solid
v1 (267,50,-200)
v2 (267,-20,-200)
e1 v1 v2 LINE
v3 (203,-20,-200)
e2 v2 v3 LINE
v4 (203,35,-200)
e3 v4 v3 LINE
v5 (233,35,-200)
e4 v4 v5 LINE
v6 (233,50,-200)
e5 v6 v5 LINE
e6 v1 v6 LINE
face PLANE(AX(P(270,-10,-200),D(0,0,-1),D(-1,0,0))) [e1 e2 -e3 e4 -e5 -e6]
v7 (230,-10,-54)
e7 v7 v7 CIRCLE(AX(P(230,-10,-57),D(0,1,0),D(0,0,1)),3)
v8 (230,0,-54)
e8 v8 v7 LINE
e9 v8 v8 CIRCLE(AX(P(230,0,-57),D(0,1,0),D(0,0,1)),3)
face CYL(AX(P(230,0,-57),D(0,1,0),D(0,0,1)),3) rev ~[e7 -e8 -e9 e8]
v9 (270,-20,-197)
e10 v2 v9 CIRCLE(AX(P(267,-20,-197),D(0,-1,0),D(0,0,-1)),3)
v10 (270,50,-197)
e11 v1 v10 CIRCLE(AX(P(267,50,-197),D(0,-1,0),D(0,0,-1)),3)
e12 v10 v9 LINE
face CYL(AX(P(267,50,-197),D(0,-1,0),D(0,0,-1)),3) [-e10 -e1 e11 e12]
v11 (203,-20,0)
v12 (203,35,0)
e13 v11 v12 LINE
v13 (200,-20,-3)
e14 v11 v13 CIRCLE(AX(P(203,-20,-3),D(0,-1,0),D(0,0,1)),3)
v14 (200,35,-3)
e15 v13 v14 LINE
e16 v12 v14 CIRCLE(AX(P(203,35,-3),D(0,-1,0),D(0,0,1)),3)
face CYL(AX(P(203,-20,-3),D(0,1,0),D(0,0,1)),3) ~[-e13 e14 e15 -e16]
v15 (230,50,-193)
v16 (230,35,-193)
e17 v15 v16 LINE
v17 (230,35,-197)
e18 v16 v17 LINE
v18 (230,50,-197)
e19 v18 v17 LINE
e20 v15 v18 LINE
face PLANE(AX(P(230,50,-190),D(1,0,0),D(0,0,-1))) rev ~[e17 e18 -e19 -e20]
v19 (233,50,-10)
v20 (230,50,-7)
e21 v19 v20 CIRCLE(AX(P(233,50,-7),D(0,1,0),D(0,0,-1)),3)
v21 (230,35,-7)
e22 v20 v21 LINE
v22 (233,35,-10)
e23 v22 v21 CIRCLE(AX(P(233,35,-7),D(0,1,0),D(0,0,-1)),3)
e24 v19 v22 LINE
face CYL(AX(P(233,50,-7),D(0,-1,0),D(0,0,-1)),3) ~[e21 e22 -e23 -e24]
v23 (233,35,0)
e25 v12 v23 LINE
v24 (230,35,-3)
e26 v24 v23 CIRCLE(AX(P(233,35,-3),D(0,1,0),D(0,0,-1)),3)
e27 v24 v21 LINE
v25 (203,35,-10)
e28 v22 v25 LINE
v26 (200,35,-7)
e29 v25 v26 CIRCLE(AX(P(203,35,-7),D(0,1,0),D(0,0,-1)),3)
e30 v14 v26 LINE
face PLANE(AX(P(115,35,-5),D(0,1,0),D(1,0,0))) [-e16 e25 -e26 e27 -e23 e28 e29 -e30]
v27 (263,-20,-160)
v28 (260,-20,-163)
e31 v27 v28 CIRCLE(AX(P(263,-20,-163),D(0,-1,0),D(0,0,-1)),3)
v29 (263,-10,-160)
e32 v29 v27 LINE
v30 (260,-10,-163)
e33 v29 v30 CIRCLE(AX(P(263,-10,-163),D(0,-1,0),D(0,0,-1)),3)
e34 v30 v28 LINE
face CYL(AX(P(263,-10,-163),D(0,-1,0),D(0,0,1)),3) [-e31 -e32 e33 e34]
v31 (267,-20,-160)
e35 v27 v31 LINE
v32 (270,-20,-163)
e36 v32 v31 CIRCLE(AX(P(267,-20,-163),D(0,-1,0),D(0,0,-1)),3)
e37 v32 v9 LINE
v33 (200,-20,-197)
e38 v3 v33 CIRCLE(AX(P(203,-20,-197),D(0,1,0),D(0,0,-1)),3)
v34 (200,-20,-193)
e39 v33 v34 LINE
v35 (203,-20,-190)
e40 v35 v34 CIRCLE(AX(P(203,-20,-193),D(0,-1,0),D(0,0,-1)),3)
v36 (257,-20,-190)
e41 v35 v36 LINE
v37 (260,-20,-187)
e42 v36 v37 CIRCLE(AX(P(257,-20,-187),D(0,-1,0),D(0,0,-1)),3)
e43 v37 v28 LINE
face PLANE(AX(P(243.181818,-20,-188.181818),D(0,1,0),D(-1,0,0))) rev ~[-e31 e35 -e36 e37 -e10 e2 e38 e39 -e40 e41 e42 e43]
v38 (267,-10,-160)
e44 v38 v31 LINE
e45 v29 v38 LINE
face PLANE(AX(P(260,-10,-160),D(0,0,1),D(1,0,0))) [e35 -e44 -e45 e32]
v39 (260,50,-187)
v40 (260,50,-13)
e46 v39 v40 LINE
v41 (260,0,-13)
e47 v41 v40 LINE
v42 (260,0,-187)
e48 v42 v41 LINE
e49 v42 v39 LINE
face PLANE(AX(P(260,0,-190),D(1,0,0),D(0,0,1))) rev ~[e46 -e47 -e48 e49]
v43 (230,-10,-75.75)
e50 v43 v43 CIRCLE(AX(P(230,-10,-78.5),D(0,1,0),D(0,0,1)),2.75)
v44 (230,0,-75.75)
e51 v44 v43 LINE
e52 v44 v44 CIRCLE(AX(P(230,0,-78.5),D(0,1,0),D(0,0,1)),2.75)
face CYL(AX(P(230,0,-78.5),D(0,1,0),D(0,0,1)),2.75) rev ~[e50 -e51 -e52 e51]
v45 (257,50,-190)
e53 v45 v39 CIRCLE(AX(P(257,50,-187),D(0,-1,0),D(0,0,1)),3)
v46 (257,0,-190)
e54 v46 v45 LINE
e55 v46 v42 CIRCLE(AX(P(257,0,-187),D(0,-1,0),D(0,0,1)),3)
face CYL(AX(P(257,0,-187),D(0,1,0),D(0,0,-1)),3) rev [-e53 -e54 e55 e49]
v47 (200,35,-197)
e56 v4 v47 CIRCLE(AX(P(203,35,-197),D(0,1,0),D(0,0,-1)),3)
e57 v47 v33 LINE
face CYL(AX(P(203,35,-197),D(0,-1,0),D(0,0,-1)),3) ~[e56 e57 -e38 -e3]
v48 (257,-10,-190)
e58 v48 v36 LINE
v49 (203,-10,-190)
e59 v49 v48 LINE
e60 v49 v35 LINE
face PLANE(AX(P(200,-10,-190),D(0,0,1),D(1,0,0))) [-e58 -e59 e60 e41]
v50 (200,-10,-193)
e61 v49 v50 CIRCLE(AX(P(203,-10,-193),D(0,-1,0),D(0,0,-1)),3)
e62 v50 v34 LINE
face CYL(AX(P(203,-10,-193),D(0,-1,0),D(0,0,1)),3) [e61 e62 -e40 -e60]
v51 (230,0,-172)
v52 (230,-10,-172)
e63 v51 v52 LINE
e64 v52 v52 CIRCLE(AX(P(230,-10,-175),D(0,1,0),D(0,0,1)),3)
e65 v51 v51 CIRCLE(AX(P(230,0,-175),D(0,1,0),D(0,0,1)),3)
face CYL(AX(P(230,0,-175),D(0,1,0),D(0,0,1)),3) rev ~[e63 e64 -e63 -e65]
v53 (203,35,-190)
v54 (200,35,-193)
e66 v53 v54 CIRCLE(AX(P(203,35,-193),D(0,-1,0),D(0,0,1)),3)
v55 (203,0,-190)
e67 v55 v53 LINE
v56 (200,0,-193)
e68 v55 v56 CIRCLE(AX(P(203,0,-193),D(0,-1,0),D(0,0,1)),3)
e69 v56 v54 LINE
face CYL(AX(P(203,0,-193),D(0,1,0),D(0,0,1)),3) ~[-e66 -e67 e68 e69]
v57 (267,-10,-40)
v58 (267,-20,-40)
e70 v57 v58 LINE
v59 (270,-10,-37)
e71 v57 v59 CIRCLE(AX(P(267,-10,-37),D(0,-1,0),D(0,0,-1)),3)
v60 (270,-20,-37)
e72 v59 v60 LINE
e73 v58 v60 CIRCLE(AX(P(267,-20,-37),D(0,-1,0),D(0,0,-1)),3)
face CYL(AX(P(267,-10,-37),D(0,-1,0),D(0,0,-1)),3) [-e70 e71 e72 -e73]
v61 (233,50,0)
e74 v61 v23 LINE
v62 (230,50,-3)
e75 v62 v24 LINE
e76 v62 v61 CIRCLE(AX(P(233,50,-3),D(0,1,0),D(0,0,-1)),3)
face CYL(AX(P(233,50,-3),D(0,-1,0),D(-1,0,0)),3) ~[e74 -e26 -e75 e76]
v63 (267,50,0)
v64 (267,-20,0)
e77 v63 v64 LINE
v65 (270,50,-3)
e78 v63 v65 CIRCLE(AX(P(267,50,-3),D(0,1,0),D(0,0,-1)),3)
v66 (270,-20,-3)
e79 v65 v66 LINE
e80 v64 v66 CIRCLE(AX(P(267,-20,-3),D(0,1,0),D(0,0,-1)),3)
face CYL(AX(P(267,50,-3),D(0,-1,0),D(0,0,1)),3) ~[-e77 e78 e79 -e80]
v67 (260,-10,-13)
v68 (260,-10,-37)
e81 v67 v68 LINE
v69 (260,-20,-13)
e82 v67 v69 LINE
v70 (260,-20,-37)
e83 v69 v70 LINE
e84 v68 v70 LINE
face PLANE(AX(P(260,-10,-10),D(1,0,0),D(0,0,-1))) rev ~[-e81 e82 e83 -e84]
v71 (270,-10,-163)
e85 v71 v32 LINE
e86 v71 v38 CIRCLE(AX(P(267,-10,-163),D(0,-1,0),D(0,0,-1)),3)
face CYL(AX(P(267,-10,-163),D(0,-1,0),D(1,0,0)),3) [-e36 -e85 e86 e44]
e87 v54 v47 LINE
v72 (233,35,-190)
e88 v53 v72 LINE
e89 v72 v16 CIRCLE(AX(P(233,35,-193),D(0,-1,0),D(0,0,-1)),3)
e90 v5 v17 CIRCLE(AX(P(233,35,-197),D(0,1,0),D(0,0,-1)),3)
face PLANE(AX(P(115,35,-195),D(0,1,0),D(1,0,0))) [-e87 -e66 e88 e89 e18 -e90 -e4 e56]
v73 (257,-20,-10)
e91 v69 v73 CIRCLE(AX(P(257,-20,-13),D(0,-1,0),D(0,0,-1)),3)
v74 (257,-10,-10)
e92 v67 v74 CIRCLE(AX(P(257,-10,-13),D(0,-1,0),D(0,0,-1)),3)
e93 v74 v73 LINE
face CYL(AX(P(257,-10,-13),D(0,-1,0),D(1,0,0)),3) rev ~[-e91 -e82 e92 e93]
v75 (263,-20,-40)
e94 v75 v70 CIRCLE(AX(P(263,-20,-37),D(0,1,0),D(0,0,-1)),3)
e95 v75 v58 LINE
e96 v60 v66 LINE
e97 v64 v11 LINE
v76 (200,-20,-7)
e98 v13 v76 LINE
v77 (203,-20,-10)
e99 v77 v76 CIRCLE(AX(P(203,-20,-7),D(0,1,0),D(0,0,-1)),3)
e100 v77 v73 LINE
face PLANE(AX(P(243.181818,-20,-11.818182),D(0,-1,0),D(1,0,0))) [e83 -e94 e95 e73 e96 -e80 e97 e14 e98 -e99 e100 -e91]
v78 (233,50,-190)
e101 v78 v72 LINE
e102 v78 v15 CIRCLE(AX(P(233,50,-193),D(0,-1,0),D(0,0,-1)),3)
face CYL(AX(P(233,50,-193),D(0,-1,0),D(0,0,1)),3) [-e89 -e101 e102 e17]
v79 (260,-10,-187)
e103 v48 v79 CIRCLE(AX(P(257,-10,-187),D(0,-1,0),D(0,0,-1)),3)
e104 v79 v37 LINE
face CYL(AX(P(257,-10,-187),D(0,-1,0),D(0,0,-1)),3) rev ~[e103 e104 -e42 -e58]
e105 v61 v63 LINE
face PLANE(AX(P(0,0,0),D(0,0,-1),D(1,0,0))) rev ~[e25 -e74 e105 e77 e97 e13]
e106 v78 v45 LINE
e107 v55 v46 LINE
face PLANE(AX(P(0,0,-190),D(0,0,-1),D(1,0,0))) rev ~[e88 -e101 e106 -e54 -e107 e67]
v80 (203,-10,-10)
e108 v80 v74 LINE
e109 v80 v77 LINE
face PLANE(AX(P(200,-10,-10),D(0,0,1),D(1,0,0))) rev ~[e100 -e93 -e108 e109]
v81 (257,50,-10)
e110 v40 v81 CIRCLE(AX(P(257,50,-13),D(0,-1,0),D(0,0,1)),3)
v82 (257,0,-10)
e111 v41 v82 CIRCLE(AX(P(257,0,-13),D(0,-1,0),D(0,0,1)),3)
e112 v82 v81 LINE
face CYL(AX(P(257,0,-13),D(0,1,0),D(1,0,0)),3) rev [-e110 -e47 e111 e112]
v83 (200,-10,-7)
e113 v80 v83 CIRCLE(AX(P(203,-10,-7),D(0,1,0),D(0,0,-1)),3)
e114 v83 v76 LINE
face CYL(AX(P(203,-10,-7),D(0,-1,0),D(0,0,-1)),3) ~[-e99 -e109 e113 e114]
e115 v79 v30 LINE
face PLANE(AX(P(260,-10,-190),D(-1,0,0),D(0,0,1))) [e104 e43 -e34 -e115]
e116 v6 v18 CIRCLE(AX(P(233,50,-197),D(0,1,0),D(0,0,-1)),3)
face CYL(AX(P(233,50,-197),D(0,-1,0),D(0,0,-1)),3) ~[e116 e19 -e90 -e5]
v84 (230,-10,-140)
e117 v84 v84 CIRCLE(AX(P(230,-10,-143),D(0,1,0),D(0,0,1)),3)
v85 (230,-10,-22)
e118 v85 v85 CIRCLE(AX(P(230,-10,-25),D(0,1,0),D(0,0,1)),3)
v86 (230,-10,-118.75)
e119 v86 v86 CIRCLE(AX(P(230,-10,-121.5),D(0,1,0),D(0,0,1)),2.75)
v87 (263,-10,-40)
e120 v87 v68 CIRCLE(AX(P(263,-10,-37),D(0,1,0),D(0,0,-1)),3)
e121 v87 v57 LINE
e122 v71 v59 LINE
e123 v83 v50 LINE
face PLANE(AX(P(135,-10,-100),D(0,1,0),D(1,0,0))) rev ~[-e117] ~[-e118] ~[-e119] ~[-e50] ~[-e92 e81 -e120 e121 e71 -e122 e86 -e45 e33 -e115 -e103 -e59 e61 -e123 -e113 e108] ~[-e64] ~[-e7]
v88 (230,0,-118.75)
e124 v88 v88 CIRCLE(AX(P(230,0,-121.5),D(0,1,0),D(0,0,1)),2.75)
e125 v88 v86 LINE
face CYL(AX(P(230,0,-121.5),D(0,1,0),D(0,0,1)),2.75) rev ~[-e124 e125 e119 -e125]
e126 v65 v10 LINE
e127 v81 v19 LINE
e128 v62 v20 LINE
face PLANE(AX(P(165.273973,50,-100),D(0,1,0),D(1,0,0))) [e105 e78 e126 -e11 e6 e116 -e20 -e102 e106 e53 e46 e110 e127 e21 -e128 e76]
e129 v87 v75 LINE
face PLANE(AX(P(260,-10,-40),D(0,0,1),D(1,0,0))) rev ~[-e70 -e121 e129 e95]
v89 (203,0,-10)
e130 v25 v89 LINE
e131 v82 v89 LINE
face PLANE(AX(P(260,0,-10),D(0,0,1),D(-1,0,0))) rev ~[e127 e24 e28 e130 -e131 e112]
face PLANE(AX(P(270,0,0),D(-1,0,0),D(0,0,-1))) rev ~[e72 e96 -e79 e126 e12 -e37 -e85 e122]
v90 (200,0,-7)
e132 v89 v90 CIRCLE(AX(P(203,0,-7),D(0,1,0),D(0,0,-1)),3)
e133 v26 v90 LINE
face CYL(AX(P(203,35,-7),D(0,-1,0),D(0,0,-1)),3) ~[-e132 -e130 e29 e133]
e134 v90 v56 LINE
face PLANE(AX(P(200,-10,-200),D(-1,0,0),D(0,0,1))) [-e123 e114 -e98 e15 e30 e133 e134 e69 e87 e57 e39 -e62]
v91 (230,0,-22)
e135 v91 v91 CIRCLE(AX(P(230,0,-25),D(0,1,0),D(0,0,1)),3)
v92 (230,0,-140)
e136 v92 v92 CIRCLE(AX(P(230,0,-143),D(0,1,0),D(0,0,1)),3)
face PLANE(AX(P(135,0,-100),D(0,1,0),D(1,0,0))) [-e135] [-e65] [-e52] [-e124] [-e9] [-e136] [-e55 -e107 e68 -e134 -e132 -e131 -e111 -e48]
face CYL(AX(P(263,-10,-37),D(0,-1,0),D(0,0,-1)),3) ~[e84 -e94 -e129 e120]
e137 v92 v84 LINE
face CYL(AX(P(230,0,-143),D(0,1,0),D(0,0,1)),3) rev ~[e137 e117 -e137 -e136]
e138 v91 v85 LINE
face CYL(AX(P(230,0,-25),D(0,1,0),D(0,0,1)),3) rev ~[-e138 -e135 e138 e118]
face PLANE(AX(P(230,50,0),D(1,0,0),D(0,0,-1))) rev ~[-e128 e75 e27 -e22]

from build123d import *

# Parameters (mm, degrees)
SKETCH1_W           = 270
SKETCH1_H           = 200
BOSS_EXTRUDE1_DEPTH = 10
SKETCH10_W          = 40
SKETCH10_H          = 50
CUT_EXTRUDE1_DEPTH  = 5
SKETCH10_3_W        = 40
SKETCH10_3_H        = 50
BOSS_EXTRUDE2_DEPTH = 5
SKETCH12_R          = 3
CUT_EXTRUDE2_DEPTH  = 5
SKETCH12_3_R        = 3
CUT_EXTRUDE3_DEPTH  = 5
BOSS_EXTRUDE3_DEPTH = 50
CUT_EXTRUDE4_REACH  = 341.706
SKETCH15_R          = 2.75
CUT_EXTRUDE5_REACH  = 341.706
SKETCH16_R          = 3
SKETCH17_W          = 230
SKETCH17_H          = 10
CUT_EXTRUDE6_DEPTH  = 15
CUT_EXTRUDE7_REACH  = 341.006
SKETCH18_W          = 240
SKETCH18_H          = 200
BOSS_EXTRUDE4_DEPTH = 10
FILLET1_R           = 3


with BuildPart() as part:
    # Sketch1 → Boss-Extrude1 (new body)
    with BuildSketch(Plane(origin=(0, 0, 0), x_dir=(1, 0, 0), z_dir=(0, 1, 0))):
        with Locations((135, 100)):
            Rectangle(SKETCH1_W, SKETCH1_H)
    extrude(amount=-BOSS_EXTRUDE1_DEPTH)

    # Sketch10 → Cut-Extrude1 (cut)
    with BuildSketch(Plane(origin=(0, 0, 0), x_dir=(1, 0, 0), z_dir=(0, 1, 0))):
        with Locations((20, 150)):
            Rectangle(SKETCH10_W, SKETCH10_H)
    extrude(amount=-CUT_EXTRUDE1_DEPTH, mode=Mode.SUBTRACT)

    # Sketch10<3> → Boss-Extrude2 (add)
    with BuildSketch(Plane(origin=(0, 0, 0), x_dir=(1, 0, 0), z_dir=(0, 1, 0))):
        with Locations((-20, 50)):
            Rectangle(SKETCH10_3_W, SKETCH10_3_H)
    extrude(amount=-BOSS_EXTRUDE2_DEPTH)

    # Sketch12 → Cut-Extrude2 (cut)
    with BuildSketch(Plane(origin=(0, -5, 0), x_dir=(1, 0, 0), z_dir=(0, 1, 0))):
        with Locations((25, 150)):
            Circle(SKETCH12_R)
    extrude(amount=-CUT_EXTRUDE2_DEPTH, mode=Mode.SUBTRACT)

    # Sketch12<3> → Cut-Extrude3 (cut)
    with BuildSketch(Plane(origin=(0, -5, 0), x_dir=(1, 0, 0), z_dir=(0, 1, 0))):
        with Locations((-25, 50)):
            Circle(SKETCH12_3_R)
    extrude(amount=CUT_EXTRUDE3_DEPTH, mode=Mode.SUBTRACT)

    # Sketch13 → Boss-Extrude3 (add)
    with BuildSketch(Plane(origin=(0, 0, 0), x_dir=(1, 0, 0), z_dir=(0, 1, 0))):
        Polygon((0, 190), (260, 190), (260, 10), (0, 10), (0, 0), (270, 0), (270, 200), (0, 200), align=None)
    extrude(amount=BOSS_EXTRUDE3_DEPTH)

    # Sketch15 → Cut-Extrude4 (cut, up to next)
    with BuildSketch(Plane(origin=(0, 0, 0), x_dir=(1, 0, 0), z_dir=(0, 1, 0)), mode=Mode.PRIVATE) as cut_extrude4_sk1:
        with Locations((230, 78.5)):
            Circle(SKETCH15_R)
    cut_extrude4_tool1 = extrude(cut_extrude4_sk1.sketch, amount=-CUT_EXTRUDE4_REACH, mode=Mode.PRIVATE) & part.part
    # Sketch15 → Cut-Extrude4 (cut, up to next)
    with BuildSketch(Plane(origin=(0, 0, 0), x_dir=(1, 0, 0), z_dir=(0, 1, 0)), mode=Mode.PRIVATE) as cut_extrude4_sk2:
        with Locations((230, 121.5)):
            Circle(SKETCH15_R)
    cut_extrude4_tool2 = extrude(cut_extrude4_sk2.sketch, amount=-CUT_EXTRUDE4_REACH, mode=Mode.PRIVATE) & part.part
    add(cut_extrude4_tool1.solids().sort_by_distance((230, 0, -78.5))[0], mode=Mode.SUBTRACT)
    add(cut_extrude4_tool2.solids().sort_by_distance((230, 0, -121.5))[0], mode=Mode.SUBTRACT)

    # Sketch16 → Cut-Extrude5 (cut, up to next)
    with BuildSketch(Plane(origin=(0, 0, 0), x_dir=(1, 0, 0), z_dir=(0, 1, 0)), mode=Mode.PRIVATE) as cut_extrude5_sk1:
        with Locations((230, 143)):
            Circle(SKETCH16_R)
    cut_extrude5_tool1 = extrude(cut_extrude5_sk1.sketch, amount=-CUT_EXTRUDE5_REACH, mode=Mode.PRIVATE) & part.part
    # Sketch16 → Cut-Extrude5 (cut, up to next)
    with BuildSketch(Plane(origin=(0, 0, 0), x_dir=(1, 0, 0), z_dir=(0, 1, 0)), mode=Mode.PRIVATE) as cut_extrude5_sk2:
        with Locations((230, 175)):
            Circle(SKETCH16_R)
    cut_extrude5_tool2 = extrude(cut_extrude5_sk2.sketch, amount=-CUT_EXTRUDE5_REACH, mode=Mode.PRIVATE) & part.part
    # Sketch16 → Cut-Extrude5 (cut, up to next)
    with BuildSketch(Plane(origin=(0, 0, 0), x_dir=(1, 0, 0), z_dir=(0, 1, 0)), mode=Mode.PRIVATE) as cut_extrude5_sk3:
        with Locations((230, 57)):
            Circle(SKETCH16_R)
    cut_extrude5_tool3 = extrude(cut_extrude5_sk3.sketch, amount=-CUT_EXTRUDE5_REACH, mode=Mode.PRIVATE) & part.part
    # Sketch16 → Cut-Extrude5 (cut, up to next)
    with BuildSketch(Plane(origin=(0, 0, 0), x_dir=(1, 0, 0), z_dir=(0, 1, 0)), mode=Mode.PRIVATE) as cut_extrude5_sk4:
        with Locations((230, 25)):
            Circle(SKETCH16_R)
    cut_extrude5_tool4 = extrude(cut_extrude5_sk4.sketch, amount=-CUT_EXTRUDE5_REACH, mode=Mode.PRIVATE) & part.part
    add(cut_extrude5_tool1.solids().sort_by_distance((230, 0, -143))[0], mode=Mode.SUBTRACT)
    add(cut_extrude5_tool2.solids().sort_by_distance((230, 0, -175))[0], mode=Mode.SUBTRACT)
    add(cut_extrude5_tool3.solids().sort_by_distance((230, 0, -57))[0], mode=Mode.SUBTRACT)
    add(cut_extrude5_tool4.solids().sort_by_distance((230, 0, -25))[0], mode=Mode.SUBTRACT)

    # Sketch17 → Cut-Extrude6 (cut)
    with BuildSketch(Plane(origin=(0, 50, 0), x_dir=(1, 0, 0), z_dir=(0, 1, 0))):
        with Locations((115, 5)):
            Rectangle(SKETCH17_W, SKETCH17_H)
        with Locations((115, 195)):
            Rectangle(SKETCH17_W, SKETCH17_H)
    extrude(amount=-CUT_EXTRUDE6_DEPTH, mode=Mode.SUBTRACT)

    # Sketch18 → Cut-Extrude7 (cut, up to next)
    with BuildSketch(Plane(origin=(0, 35, 0), x_dir=(1, 0, 0), z_dir=(0, 1, 0)), mode=Mode.PRIVATE) as cut_extrude7_sk1:
        with Locations((80, 100)):
            Rectangle(SKETCH18_W, SKETCH18_H)
    cut_extrude7_tool1 = extrude(cut_extrude7_sk1.sketch, amount=-CUT_EXTRUDE7_REACH, mode=Mode.PRIVATE) & part.part
    add(cut_extrude7_tool1.solids().sort_by_distance((80, 35, -100))[0], mode=Mode.SUBTRACT)

    # Sketch14 → Boss-Extrude4 (add)
    with BuildSketch(Plane.XZ.offset(10)):
        Polygon((200, -190), (260, -190), (260, -160), (270, -160), (270, -200), (200, -200), align=None)
        Polygon((270, 0), (200, 0), (200, -10), (260, -10), (260, -40), (270, -40), align=None)
    extrude(amount=BOSS_EXTRUDE4_DEPTH)

    # Fillet1
    fillet1_edges = [part.edges().sort_by_distance(p)[0] for p in [
        (200, 7.5, 0),
        (200, -15, -10),
        (260, -15, -10),
        (260, -15, -40),
        (270, -15, -40),
        (260, -15, -160),
        (270, -15, -160),
        (270, 15, -200),
        (200, 7.5, -200),
        (200, -15, -190),
        (260, -15, -190),
        (200, 17.5, -10),
        (230, 42.5, 0),
        (230, 42.5, -10),
        (260, 25, -10),
        (260, 25, -190),
        (230, 42.5, -200),
        (230, 42.5, -190),
        (200, 17.5, -190),
        (270, 15, 0),
    ]]
    fillet(fillet1_edges, radius=FILLET1_R)


solid = part.part
